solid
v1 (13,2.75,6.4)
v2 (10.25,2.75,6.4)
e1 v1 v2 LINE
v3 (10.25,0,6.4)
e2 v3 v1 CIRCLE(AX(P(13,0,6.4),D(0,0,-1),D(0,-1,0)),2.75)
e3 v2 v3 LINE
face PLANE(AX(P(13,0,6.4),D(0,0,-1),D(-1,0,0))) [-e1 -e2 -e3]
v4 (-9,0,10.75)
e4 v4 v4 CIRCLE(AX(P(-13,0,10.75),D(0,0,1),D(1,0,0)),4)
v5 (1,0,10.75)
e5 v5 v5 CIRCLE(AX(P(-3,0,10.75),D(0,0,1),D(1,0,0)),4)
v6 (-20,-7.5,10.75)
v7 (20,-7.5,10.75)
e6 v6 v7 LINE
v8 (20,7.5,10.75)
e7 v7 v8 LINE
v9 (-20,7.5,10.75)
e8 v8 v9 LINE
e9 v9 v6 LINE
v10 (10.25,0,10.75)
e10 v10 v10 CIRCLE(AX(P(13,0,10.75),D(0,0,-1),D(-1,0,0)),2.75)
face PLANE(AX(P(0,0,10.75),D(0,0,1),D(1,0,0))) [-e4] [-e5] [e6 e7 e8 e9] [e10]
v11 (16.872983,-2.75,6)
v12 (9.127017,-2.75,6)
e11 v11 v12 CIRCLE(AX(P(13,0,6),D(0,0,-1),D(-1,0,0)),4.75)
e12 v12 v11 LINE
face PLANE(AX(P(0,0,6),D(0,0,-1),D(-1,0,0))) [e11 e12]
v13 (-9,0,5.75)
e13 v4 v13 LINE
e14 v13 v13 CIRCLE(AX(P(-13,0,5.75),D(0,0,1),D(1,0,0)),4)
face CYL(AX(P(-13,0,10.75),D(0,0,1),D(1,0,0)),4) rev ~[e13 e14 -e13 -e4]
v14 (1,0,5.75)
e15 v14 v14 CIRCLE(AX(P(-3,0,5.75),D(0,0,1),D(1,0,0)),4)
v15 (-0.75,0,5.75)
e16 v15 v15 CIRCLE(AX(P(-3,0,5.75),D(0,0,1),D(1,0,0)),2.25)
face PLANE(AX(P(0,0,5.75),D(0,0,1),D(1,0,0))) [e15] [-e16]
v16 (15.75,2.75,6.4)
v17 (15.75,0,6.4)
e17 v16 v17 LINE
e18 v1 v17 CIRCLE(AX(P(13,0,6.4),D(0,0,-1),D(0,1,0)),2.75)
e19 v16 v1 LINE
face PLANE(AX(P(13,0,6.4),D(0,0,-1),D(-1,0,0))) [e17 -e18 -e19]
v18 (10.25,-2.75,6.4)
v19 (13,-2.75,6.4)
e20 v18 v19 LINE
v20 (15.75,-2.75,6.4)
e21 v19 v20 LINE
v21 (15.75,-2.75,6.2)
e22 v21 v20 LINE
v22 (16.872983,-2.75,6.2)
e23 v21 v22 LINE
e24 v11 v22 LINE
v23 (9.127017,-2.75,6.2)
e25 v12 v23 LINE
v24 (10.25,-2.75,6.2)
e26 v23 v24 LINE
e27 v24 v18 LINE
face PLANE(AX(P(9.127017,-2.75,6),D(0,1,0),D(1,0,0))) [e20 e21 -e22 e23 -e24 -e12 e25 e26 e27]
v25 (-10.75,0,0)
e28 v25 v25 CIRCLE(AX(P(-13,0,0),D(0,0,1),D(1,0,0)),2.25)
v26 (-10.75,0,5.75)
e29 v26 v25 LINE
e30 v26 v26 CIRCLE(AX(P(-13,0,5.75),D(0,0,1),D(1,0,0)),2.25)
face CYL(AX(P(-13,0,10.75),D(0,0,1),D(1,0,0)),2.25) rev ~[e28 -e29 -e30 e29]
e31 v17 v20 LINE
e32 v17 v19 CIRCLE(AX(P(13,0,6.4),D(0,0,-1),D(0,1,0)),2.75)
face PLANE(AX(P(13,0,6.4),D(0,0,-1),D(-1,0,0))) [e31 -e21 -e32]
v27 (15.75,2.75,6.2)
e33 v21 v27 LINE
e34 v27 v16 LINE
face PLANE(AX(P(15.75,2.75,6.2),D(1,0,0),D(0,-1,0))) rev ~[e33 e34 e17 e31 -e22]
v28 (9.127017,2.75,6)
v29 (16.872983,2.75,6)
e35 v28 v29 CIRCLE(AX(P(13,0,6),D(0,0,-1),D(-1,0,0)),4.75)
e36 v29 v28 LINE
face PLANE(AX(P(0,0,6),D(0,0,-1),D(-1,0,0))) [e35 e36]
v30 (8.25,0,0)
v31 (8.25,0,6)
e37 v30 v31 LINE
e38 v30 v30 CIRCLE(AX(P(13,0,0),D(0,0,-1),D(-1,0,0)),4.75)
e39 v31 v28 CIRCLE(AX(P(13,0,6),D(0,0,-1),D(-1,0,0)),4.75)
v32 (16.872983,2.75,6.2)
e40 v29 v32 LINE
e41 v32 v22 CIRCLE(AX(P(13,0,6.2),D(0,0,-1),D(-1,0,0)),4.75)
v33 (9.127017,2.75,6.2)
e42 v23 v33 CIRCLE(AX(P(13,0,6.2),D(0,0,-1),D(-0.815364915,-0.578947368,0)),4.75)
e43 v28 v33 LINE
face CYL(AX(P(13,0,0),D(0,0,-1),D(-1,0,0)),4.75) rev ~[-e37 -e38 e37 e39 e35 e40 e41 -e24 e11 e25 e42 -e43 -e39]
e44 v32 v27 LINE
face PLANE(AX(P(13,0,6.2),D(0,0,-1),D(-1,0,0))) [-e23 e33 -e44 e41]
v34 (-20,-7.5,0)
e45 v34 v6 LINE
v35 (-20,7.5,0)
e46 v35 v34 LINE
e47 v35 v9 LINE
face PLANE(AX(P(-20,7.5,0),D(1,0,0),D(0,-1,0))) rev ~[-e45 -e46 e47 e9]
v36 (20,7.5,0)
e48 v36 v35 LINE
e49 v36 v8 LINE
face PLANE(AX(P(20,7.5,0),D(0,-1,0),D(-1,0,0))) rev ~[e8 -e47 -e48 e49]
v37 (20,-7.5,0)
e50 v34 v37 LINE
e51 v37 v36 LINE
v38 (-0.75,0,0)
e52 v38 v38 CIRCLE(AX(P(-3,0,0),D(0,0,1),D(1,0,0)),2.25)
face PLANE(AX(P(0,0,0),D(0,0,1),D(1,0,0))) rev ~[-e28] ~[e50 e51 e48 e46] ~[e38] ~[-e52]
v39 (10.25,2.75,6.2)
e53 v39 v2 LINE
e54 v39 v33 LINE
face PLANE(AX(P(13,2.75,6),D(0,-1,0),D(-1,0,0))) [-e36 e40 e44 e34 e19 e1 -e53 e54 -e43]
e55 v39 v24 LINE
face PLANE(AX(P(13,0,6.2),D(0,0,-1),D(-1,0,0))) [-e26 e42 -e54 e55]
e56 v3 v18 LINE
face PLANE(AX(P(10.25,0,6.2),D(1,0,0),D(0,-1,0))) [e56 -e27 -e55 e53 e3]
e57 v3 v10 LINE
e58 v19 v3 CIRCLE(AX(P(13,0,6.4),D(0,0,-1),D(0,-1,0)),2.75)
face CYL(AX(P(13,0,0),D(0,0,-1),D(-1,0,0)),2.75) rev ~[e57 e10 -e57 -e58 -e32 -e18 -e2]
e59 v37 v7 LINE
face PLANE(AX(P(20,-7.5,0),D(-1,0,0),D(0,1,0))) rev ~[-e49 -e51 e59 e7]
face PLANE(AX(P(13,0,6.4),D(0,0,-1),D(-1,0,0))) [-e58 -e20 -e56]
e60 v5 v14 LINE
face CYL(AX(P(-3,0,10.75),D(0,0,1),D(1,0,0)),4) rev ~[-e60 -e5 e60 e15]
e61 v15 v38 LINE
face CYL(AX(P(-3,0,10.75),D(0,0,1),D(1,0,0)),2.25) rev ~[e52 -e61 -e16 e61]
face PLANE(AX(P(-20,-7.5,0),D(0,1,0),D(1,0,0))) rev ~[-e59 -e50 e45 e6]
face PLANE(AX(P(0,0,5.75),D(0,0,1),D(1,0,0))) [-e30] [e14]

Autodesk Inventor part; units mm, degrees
ref_plane "YZ Plane" through (0, 0, 0) normal (1, 0, 0) x (0, 1, 0)
ref_plane "XZ Plane" through (0, 0, 0) normal (0, 1, 0) x (-1, 0, 0)
ref_plane "XY Plane" through (0, 0, 0) normal (0, 0, 1) x (1, 0, 0)
sketch "Sketch1" plane through (0, 0, 0) normal (0, 0, 1) x (1, 0, 0)
  line L0 (-20, -7.5) -> (20, -7.5)
  line L1 (20, -7.5) -> (20, 7.5)
  line L2 (20, 7.5) -> (-20, 7.5)
  line L3 (-20, 7.5) -> (-20, -7.5)
  line L4 (-20, -7.5) -> (20, 7.5) construction
  line L5 (20, -7.5) -> (-20, 7.5) construction
  point P0 (0, 0)
  dimension "d0" = 15
  dimension "d1" = 40
extrude "Extrusion1" add sketch "Sketch1" along normal blind 10.75
sketch "Sketch2" plane through (0, 0, 10.75) normal (0, 0, 1) x (1, 0, 0)
  line L0 (-20, 7.5) -> (-20, -7.5) construction
  line L1 (-20, 0) -> (-13, 0) construction
  line L2 (-13, 0) -> (-3, 0) construction
  circle A0 centre (-13, 0) radius 2.25
  circle A1 centre (-3, 0) radius 2.25
  point P0 (0, 0)
  dimension "d4" = 10
  dimension "d5" = 7
  dimension "d6" = 4.5
extrude "Extrusion2" cut sketch "Sketch2" against normal through all
sketch "Sketch3" plane through (0, 0, 10.75) normal (0, 0, 1) x (1, 0, 0)
  circle A0 centre (-13, 0) radius 2.25 projected
  circle A1 centre (-13, 0) radius 4
  circle A2 centre (-3, 0) radius 2.25 projected
  circle A3 centre (-3, 0) radius 4
  point P0 (0, 0)
  dimension "d9" = 8
extrude "Extrusion3" cut sketch "Sketch3" against normal blind 5 contours A0 | A1 | A2 | A3
sketch "Sketch4" plane through (0, 0, 0) normal (0, 0, -1) x (-1, 0, 0)
  line L0 (-20, -7.5) -> (-20, 7.5) construction
  line L1 (-20, 0) -> (-13, 0) construction
  circle A0 centre (-13, 0) radius 2.75
  point P0 (0, 0)
  dimension "d12" = 5.5
  dimension "d13" = 7
extrude "Extrusion4" cut sketch "Sketch4" against normal through all
sketch "Sketch5" plane through (0, 0, 0) normal (0, 0, -1) x (-1, 0, 0)
  circle A0 centre (-13, 0) radius 2.75 projected
  circle A1 centre (-13, 0) radius 4.75
  point P0 (0, 0)
  dimension "d16" = 9.5
extrude "Extrusion5" cut sketch "Sketch5" against normal blind 6 contours A0 | A1
sketch "Sketch6" plane through (13, 0, 6) normal (0, 0, -1) x (-1, 0, 0)
  line L0 (5.3295, 6.8206) -> (-5.8691, 6.8206)
  line L1 (-5.8691, 6.8206) -> (-5.8691, 2.75)
  line L2 (-5.8691, 2.75) -> (5.3295, 2.75)
  line L3 (5.3295, 2.75) -> (5.3295, 6.8206)
  line L4 (6.0982, -2.75) -> (-4.6287, -2.75)
  line L5 (-4.6287, -2.75) -> (-4.6287, -7.6942)
  line L6 (-4.6287, -7.6942) -> (6.0982, -7.6942)
  line L7 (6.0982, -7.6942) -> (6.0982, -2.75)
  circle A0 centre (0, 0) radius 2.75 projected
  circle A1 centre (0, 0) radius 4.75 projected
  point P0 (13, 0)
  point P1 (-3.873, 2.75)
  point P2 (-3.873, -2.75)
  point P3 (0, -2.75)
  point P4 (0, 2.75)
  point P5 (3.873, 2.75)
  point P6 (3.873, -2.75)
extrude "Extrusion6" cut sketch "Sketch6" against normal blind 0.2 contours A1 L4 A0 L2 | L2 A0 L4 A1
sketch "Sketch7" plane through (13, 0, 6.2) normal (0, 0, -1) x (-1, 0, 0)
  line L0 (3.873, -2.75) -> (0, -2.75) projected
  arc A0 (3.873, -2.75) -> (3.873, 2.75) centre (0, 0) ccw projected
  line L1 (0, 2.75) -> (3.873, 2.75) projected
  arc A1 (0, -2.75) -> (0, 2.75) centre (0, 0) ccw projected
  line L2 (-3.873, 2.75) -> (0, 2.75) projected
  arc A2 (-3.873, 2.75) -> (-3.873, -2.75) centre (0, 0) ccw projected
  line L3 (0, -2.75) -> (-3.873, -2.75) projected
  arc A3 (0, 2.75) -> (0, -2.75) centre (0, 0) ccw projected
  line L4 (7.5317, 4.6908) -> (2.75, 4.6908)
  line L5 (2.75, 4.6908) -> (2.75, -4.4637)
  line L6 (2.75, -4.4637) -> (7.5317, -4.4637)
  line L7 (7.5317, -4.4637) -> (7.5317, 4.6908)
  line L8 (-5.9646, 6.0361) -> (-2.75, 6.0361)
  line L9 (-2.75, 6.0361) -> (-2.75, -5.4071)
  line L10 (-2.75, -5.4071) -> (-5.9646, -5.4071)
  line L11 (-5.9646, -5.4071) -> (-5.9646, 6.0361)
  arc A4 (0, -2.75) -> (0, 2.75) centre (0, 0) ccw projected
  point P0 (13, 0)
  point P1 (-2.75, 2.75)
  point P2 (-2.75, 0)
  point P3 (2.75, 0)
  point P4 (2.75, 2.75)
  point P5 (2.75, -2.75)
  point P6 (-2.75, -2.75)
extrude "Extrusion7" cut sketch "Sketch7" against normal blind 0.2 contours L0 A1 L5 | L3 L9 A3 | A1 L1 L5 | L9 L2 A3
properties part number "LoadCellMount"
